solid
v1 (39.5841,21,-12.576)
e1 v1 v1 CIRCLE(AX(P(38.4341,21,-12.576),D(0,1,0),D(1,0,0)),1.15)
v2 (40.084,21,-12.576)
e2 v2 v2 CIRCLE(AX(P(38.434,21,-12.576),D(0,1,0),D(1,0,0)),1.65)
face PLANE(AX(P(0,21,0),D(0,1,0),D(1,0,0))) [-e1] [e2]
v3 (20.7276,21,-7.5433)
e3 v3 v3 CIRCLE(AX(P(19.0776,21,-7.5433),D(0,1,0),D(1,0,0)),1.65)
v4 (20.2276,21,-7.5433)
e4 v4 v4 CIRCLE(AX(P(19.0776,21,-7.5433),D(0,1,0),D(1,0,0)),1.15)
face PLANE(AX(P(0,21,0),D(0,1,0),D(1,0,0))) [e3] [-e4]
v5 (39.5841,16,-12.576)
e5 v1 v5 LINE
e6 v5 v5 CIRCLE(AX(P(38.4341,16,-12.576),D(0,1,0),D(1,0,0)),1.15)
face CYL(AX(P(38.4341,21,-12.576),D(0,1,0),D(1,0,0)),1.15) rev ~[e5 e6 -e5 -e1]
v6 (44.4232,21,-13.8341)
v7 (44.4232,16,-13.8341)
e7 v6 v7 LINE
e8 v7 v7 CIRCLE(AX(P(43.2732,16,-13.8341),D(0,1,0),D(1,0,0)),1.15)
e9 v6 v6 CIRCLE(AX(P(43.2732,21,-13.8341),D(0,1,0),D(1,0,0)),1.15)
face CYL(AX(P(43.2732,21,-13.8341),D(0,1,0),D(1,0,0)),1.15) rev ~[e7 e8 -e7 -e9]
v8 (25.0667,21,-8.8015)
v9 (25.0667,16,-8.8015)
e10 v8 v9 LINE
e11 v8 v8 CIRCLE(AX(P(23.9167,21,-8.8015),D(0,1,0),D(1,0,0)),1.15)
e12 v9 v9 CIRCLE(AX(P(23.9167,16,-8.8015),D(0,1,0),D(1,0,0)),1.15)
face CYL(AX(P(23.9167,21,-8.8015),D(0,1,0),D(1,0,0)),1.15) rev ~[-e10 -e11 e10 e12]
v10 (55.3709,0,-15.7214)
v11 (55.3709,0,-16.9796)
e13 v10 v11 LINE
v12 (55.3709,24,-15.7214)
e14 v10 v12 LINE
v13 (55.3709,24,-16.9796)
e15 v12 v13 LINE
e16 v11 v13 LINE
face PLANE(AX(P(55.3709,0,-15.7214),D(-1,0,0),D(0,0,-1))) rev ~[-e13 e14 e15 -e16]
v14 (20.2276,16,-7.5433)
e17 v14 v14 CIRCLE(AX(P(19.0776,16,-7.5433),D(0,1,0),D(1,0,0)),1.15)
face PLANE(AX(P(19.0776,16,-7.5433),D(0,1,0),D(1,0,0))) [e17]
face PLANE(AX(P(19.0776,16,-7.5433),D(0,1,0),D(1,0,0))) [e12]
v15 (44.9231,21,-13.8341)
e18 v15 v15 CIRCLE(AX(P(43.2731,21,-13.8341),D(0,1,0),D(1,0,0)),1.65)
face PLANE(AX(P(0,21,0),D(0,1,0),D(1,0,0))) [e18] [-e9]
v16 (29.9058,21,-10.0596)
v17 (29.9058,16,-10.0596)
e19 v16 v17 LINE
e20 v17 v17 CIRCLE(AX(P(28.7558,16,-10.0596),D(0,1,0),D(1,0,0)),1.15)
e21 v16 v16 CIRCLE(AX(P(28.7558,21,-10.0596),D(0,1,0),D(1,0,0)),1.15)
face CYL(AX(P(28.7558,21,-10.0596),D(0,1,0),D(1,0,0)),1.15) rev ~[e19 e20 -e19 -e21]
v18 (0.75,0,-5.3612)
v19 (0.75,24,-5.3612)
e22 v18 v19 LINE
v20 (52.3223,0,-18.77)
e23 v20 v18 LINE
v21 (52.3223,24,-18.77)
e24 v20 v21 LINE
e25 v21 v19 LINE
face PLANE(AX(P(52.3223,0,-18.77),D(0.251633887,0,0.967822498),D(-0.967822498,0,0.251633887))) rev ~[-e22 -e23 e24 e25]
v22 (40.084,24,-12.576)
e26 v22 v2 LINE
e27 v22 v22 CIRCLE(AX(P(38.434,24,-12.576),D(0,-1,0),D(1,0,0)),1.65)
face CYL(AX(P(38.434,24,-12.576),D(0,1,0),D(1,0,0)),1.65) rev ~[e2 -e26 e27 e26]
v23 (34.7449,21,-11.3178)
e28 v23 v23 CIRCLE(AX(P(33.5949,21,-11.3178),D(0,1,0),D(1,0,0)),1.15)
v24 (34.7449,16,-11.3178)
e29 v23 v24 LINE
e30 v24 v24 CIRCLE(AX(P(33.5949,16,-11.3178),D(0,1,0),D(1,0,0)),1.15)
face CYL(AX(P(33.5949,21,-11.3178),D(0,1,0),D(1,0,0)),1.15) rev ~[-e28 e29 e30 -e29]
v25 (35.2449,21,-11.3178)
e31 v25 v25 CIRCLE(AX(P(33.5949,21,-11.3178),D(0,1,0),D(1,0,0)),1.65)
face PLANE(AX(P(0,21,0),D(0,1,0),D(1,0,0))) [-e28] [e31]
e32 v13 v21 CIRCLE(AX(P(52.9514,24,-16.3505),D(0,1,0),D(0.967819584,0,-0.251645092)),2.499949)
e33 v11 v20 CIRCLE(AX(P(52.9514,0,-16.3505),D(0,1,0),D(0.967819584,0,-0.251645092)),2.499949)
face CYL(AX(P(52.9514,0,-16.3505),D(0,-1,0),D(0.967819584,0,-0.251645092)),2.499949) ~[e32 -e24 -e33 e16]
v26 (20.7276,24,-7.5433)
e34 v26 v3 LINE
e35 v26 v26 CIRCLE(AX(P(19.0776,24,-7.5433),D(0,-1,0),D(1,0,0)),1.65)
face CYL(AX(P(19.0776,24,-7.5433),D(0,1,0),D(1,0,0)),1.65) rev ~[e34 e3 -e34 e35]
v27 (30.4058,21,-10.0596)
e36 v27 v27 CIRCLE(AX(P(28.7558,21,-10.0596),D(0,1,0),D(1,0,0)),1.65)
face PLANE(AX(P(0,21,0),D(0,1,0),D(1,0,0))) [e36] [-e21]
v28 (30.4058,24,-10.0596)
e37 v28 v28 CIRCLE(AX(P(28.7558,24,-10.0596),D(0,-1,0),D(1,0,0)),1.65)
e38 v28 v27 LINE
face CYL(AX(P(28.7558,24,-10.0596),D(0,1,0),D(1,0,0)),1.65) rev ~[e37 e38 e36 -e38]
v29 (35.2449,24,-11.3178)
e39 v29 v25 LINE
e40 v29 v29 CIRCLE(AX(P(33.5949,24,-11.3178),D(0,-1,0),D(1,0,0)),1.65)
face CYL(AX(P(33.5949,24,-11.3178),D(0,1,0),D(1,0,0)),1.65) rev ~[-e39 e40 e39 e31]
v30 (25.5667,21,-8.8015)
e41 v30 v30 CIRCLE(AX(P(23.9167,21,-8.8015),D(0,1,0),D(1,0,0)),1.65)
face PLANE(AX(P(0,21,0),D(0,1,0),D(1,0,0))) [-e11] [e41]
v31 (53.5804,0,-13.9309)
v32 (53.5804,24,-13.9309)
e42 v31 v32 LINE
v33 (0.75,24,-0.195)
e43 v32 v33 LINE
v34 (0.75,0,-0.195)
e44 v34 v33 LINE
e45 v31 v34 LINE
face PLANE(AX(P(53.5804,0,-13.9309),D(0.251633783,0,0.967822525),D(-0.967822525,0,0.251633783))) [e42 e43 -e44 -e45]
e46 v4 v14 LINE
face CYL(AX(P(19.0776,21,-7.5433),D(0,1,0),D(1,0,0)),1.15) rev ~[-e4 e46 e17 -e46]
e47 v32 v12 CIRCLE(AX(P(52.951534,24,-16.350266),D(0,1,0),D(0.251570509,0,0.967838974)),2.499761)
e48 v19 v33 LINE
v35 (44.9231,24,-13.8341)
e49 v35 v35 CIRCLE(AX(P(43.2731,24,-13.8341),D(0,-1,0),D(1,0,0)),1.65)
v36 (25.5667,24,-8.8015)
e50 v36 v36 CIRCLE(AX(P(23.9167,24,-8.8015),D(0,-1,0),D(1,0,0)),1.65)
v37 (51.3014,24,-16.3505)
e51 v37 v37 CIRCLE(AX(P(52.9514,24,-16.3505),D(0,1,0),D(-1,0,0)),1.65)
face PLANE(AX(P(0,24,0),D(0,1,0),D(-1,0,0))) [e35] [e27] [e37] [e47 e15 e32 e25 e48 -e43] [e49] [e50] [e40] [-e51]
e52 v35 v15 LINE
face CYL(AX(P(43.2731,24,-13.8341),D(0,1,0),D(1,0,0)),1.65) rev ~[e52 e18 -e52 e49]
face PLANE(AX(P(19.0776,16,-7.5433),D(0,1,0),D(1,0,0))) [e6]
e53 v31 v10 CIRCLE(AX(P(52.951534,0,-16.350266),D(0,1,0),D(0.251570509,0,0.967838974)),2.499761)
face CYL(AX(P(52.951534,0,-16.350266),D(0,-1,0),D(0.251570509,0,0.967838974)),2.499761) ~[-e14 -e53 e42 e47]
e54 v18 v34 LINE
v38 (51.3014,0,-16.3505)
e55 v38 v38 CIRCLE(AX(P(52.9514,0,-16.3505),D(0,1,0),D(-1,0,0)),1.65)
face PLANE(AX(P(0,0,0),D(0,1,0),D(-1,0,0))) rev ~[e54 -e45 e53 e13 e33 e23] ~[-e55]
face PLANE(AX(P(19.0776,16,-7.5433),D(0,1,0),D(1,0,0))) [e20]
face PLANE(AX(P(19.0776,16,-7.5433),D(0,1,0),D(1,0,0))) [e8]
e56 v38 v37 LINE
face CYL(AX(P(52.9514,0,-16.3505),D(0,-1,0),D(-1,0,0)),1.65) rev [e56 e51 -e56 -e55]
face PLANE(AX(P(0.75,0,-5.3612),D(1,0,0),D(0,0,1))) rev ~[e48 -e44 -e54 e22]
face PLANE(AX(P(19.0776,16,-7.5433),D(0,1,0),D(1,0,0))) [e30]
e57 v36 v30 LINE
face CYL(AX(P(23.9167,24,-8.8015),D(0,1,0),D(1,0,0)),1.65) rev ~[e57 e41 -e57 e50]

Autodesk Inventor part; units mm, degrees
ref_plane "YZ Plane" through (0, 0, 0) normal (1, 0, 0) x (0, 1, 0)
ref_plane "XZ Plane" through (0, 0, 0) normal (0, 1, 0) x (-1, 0, 0)
ref_plane "XY Plane" through (0, 0, 0) normal (0, 0, 1) x (1, 0, 0)
sketch "Эскиз1" plane through (0, 0, 0) normal (0, 1, 0) x (-1, 0, 0)
  line L0 (-53.5804, -13.9309) -> (-0.75, -0.195)
  line L1 (-52.3223, -18.77) -> (-0.75, -5.3612)
  line L2 (-55.3709, -15.7214) -> (-55.3709, -16.9796)
  circle A0 centre (-52.9514, -16.3505) radius 1.65
  line L3 (-0.75, -5.3612) -> (-0.75, -0.195)
  arc A1 (-55.3709, -16.9796) -> (-52.3223, -18.77) centre (-52.9514, -16.3505) ccw
  arc A2 (-53.5804, -13.9309) -> (-55.3709, -15.7214) centre (-52.9514, -16.3505) ccw
  point P0 (0, 0)
extrude "Выдавливание1" add sketch "Эскиз1" along normal blind 24
sketch "Эскиз24" plane through (0, 24, 0) normal (0, 1, 0) x (1, 0, 0)
  circle A0 centre (52.9514, 16.3505) radius 1.65 projected
  line L0 (52.9514, 16.3505) -> (43.2731, 13.8341)
  circle A1 centre (43.2731, 13.8341) radius 1.65
  circle A2 centre (38.434, 12.576) radius 1.65
  line L1 (48.1122, 15.0923) -> (38.434, 12.576)
  circle A3 centre (33.5949, 11.3178) radius 1.65
  line L2 (43.2731, 13.8341) -> (33.5949, 11.3178)
  circle A4 centre (28.7558, 10.0596) radius 1.65
  line L3 (38.434, 12.576) -> (28.7558, 10.0596)
  circle A5 centre (23.9167, 8.8015) radius 1.65
  line L4 (33.5949, 11.3178) -> (23.9167, 8.8015)
  circle A6 centre (19.0776, 7.5433) radius 1.65
  line L5 (28.7558, 10.0596) -> (19.0776, 7.5433)
  point P0 (0, 0)
  dimension "d126" = 3.3
  dimension "d129" = 5
extrude "Выдавливание24" cut sketch "Эскиз24" against normal blind 3 contours A6 | A5 L5 L4 | L4 L5 A5 | A4 L4 L3 | L3 L4 A4 | A3 L3 L2 | L2 L3 A3 | A2 L2 L1 | L1 L2 A2 | A1 L1 L0 | L0 L1 A1
sketch "Эскиз25" plane through (19.0776, 21, -7.5433) normal (0, 1, 0) x (1, 0, 0)
  circle A0 centre (0, 0) radius 1.65 projected
  circle A1 centre (0, 0) radius 1.15
  circle A2 centre (4.8391, 1.2582) radius 1.65 projected
  circle A3 centre (4.8391, 1.2582) radius 1.15
  circle A4 centre (9.6782, 2.5163) radius 1.65 projected
  circle A5 centre (9.6782, 2.5163) radius 1.15
  circle A6 centre (14.5173, 3.7745) radius 1.65 projected
  circle A7 centre (14.5173, 3.7745) radius 1.15
  circle A8 centre (19.3565, 5.0327) radius 1.65 projected
  circle A9 centre (19.3565, 5.0327) radius 1.15
  circle A10 centre (24.1956, 6.2908) radius 1.65 projected
  circle A11 centre (24.1956, 6.2908) radius 1.15
  point P0 (-19.0776, -7.5433)
  dimension "d136" = 2.3
  dimension "d137" = 2.3
  dimension "d138" = 2.3
  dimension "d139" = 2.3
  dimension "d140" = 2.3
  dimension "d141" = 2.3
extrude "Выдавливание25" cut sketch "Эскиз25" against normal blind 5 contours A1 | A3 | A5 | A7 | A9 | A11
properties part number "only_top_gate"
